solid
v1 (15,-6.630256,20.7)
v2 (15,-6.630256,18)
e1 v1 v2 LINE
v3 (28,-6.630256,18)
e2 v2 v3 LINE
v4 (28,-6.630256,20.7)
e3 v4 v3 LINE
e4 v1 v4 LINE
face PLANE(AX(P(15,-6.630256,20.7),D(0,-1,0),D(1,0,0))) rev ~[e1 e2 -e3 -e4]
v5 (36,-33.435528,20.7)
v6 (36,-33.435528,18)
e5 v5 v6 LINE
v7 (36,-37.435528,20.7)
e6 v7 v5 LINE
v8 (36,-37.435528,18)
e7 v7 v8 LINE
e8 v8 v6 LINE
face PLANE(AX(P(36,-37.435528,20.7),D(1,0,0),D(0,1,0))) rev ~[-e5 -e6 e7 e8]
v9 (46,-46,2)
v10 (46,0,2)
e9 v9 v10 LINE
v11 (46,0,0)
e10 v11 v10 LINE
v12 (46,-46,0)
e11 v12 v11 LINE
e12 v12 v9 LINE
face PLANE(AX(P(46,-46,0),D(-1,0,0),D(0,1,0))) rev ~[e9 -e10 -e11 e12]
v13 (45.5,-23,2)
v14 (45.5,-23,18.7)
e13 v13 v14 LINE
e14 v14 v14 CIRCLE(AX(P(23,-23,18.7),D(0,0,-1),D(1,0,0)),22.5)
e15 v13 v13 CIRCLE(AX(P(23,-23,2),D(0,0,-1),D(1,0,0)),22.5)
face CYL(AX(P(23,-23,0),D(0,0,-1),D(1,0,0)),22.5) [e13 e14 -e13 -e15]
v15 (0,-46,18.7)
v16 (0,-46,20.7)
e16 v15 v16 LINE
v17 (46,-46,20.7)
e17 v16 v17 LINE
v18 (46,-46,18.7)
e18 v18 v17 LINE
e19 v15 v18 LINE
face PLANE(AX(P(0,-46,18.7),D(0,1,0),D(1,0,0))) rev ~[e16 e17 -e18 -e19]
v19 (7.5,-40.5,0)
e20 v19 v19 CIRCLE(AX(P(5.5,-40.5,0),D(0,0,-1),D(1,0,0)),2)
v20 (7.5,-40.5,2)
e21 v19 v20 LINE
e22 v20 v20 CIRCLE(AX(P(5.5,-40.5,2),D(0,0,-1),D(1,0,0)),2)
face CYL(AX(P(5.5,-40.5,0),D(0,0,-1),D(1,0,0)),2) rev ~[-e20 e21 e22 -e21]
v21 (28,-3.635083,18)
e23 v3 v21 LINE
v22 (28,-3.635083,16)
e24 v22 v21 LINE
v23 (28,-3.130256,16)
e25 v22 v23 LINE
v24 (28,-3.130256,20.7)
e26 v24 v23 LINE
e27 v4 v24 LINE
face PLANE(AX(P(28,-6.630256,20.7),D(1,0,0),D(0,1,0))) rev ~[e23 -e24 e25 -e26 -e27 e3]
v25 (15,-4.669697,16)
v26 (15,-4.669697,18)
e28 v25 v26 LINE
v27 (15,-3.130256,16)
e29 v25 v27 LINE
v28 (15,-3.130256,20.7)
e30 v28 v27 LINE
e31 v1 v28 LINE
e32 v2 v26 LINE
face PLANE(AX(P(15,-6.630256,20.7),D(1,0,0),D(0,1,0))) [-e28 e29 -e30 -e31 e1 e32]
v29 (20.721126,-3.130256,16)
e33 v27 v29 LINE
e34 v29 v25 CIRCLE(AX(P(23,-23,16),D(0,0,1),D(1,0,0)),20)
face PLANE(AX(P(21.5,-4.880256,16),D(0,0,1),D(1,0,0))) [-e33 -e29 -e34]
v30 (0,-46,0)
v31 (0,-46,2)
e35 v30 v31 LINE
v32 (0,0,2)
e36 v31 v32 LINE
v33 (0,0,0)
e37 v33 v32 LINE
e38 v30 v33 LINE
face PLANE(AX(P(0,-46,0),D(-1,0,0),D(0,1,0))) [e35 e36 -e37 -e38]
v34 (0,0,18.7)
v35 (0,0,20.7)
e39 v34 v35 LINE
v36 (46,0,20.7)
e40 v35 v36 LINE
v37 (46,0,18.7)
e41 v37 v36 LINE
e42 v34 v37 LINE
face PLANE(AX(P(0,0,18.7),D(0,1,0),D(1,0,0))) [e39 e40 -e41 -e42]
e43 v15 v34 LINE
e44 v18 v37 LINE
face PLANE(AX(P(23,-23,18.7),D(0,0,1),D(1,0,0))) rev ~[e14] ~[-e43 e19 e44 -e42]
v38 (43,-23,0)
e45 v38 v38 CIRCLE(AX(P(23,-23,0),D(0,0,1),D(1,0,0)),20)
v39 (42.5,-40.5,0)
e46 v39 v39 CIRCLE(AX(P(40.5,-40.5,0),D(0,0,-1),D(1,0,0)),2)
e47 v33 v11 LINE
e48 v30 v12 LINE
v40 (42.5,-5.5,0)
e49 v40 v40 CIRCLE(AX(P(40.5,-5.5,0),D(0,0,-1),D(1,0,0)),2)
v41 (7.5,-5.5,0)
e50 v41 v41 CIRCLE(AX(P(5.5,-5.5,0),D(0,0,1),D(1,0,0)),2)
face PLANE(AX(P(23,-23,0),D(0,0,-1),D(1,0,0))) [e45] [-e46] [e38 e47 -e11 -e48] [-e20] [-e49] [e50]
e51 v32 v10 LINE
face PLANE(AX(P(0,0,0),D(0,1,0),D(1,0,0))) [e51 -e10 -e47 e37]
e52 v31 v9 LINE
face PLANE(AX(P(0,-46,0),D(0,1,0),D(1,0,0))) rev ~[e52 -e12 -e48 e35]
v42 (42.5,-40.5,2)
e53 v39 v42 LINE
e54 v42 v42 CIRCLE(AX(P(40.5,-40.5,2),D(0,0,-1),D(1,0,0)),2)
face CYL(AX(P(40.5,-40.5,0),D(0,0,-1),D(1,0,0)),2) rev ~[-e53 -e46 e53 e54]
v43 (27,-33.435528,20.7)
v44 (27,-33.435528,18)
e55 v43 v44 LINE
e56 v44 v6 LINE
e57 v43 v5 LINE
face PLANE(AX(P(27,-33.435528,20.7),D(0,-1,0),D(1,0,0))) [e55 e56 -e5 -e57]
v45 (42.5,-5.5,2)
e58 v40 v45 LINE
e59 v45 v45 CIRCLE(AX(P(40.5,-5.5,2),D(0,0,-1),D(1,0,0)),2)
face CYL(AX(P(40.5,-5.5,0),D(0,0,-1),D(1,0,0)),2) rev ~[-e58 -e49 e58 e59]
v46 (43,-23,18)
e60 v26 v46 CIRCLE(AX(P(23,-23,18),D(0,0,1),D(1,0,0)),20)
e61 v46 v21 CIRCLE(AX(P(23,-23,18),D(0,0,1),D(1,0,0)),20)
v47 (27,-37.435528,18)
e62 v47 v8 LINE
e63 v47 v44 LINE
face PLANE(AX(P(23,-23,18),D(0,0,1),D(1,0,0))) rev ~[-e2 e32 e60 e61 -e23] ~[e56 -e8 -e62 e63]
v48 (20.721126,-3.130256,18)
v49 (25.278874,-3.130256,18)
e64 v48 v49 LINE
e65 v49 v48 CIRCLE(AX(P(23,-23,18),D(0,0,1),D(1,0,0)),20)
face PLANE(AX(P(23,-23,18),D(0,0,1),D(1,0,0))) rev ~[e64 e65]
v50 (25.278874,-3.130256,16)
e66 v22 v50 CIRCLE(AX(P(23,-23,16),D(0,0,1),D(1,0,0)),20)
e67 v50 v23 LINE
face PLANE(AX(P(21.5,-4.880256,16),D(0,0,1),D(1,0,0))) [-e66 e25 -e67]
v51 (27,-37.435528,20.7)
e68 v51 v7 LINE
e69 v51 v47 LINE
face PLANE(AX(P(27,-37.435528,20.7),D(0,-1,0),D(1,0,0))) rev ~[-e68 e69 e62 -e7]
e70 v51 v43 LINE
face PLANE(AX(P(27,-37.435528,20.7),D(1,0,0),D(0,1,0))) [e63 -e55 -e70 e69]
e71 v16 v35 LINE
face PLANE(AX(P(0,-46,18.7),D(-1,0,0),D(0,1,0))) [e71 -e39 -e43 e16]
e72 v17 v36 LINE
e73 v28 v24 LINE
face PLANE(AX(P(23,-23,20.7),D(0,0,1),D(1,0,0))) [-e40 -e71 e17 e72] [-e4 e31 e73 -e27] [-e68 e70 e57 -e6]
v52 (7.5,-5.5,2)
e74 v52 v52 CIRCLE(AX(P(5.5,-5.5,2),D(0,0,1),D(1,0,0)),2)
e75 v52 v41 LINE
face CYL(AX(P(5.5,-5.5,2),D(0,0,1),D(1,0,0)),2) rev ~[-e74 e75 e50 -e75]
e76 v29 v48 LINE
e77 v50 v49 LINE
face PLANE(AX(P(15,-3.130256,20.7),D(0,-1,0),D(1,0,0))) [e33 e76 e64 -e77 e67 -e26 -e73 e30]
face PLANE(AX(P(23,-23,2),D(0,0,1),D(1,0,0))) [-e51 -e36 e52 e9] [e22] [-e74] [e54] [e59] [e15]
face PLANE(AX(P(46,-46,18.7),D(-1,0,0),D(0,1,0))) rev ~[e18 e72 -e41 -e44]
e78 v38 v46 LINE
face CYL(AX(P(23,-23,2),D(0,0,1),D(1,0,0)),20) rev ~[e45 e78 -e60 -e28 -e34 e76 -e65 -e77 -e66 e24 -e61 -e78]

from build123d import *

# Parameters (mm, degrees)
F0_W      = 46
F0_H      = 46
F1_DEPTH  = 2
F2_R      = 2
F3_DEPTH  = 25.4
F4_R      = 22.5
F5_DEPTH  = 20
F6_R      = 20
F7_DEPTH  = 16
F9_W      = 46
F9_H      = 46
F10_DEPTH = 2
F12_W     = 13
F12_H     = 3.5
F13_DEPTH = 4.7
F14_W     = 9
F14_H     = 4
F15_DEPTH = 2.7
F16_R     = 2
F17_DEPTH = 2
F18_R     = 2
F19_DEPTH = 2
F20_R     = 2
F21_DEPTH = 2


with BuildPart() as f1:
    # F0 (on Top) → F1 (new body)
    with BuildSketch(Plane.XY):
        with Locations((23, -23)):
            Rectangle(F0_W, F0_H)
    extrude(amount=F1_DEPTH)

    # F2 (on face) → F3 (cut)
    with BuildSketch(Plane.XY.offset(2)):
        with Locations((5.5, -5.5)):
            Circle(F2_R)
    extrude(amount=-F3_DEPTH, mode=Mode.SUBTRACT)

    # F4 (on face) → F5 (join)
    with BuildSketch(Plane(origin=(0, 0, 0), x_dir=(1, 0, 0), z_dir=(0, 0, -1))):
        with Locations((23, 23)):
            Circle(F4_R)
    extrude(amount=-F5_DEPTH)

    # F6 (on face) → F7 (cut, symmetric)
    with BuildSketch(Plane.XY.offset(2)):
        with Locations((23, -23)):
            Circle(F6_R)
    extrude(amount=F7_DEPTH, both=True, mode=Mode.SUBTRACT)

    # F9 (on offset) → F10 (join)
    with BuildSketch(Plane.XY.offset(18.7)):
        with Locations((23, -23)):
            Rectangle(F9_W, F9_H)
    extrude(amount=F10_DEPTH)

    # F12 (on face) → F13 (cut)
    with BuildSketch(Plane.XY.offset(20.7)):
        with Locations((21.5, -4.8802558407)):
            Rectangle(F12_W, F12_H)
    extrude(amount=-F13_DEPTH, mode=Mode.SUBTRACT)

    # F14 (on face) → F15 (cut)
    with BuildSketch(Plane.XY.offset(20.7)):
        with Locations((31.5, -35.4355278909)):
            Rectangle(F14_W, F14_H)
    extrude(amount=-F15_DEPTH, mode=Mode.SUBTRACT)

    # F16 (on face) → F17 (cut)
    with BuildSketch(Plane(origin=(0, 0, 0), x_dir=(1, 0, 0), z_dir=(0, 0, -1))):
        with Locations((40.5, 40.5)):
            Circle(F16_R)
    extrude(amount=-F17_DEPTH, mode=Mode.SUBTRACT)

    # F18 (on face) → F19 (cut)
    with BuildSketch(Plane(origin=(0, 0, 0), x_dir=(1, 0, 0), z_dir=(0, 0, -1))):
        with Locations((40.5, 5.5)):
            Circle(F18_R)
    extrude(amount=-F19_DEPTH, mode=Mode.SUBTRACT)

    # F20 (on face) → F21 (cut)
    with BuildSketch(Plane(origin=(0, 0, 0), x_dir=(1, 0, 0), z_dir=(0, 0, -1))):
        with Locations((5.5, 40.5)):
            Circle(F20_R)
    extrude(amount=-F21_DEPTH, mode=Mode.SUBTRACT)


solid = f1.part
